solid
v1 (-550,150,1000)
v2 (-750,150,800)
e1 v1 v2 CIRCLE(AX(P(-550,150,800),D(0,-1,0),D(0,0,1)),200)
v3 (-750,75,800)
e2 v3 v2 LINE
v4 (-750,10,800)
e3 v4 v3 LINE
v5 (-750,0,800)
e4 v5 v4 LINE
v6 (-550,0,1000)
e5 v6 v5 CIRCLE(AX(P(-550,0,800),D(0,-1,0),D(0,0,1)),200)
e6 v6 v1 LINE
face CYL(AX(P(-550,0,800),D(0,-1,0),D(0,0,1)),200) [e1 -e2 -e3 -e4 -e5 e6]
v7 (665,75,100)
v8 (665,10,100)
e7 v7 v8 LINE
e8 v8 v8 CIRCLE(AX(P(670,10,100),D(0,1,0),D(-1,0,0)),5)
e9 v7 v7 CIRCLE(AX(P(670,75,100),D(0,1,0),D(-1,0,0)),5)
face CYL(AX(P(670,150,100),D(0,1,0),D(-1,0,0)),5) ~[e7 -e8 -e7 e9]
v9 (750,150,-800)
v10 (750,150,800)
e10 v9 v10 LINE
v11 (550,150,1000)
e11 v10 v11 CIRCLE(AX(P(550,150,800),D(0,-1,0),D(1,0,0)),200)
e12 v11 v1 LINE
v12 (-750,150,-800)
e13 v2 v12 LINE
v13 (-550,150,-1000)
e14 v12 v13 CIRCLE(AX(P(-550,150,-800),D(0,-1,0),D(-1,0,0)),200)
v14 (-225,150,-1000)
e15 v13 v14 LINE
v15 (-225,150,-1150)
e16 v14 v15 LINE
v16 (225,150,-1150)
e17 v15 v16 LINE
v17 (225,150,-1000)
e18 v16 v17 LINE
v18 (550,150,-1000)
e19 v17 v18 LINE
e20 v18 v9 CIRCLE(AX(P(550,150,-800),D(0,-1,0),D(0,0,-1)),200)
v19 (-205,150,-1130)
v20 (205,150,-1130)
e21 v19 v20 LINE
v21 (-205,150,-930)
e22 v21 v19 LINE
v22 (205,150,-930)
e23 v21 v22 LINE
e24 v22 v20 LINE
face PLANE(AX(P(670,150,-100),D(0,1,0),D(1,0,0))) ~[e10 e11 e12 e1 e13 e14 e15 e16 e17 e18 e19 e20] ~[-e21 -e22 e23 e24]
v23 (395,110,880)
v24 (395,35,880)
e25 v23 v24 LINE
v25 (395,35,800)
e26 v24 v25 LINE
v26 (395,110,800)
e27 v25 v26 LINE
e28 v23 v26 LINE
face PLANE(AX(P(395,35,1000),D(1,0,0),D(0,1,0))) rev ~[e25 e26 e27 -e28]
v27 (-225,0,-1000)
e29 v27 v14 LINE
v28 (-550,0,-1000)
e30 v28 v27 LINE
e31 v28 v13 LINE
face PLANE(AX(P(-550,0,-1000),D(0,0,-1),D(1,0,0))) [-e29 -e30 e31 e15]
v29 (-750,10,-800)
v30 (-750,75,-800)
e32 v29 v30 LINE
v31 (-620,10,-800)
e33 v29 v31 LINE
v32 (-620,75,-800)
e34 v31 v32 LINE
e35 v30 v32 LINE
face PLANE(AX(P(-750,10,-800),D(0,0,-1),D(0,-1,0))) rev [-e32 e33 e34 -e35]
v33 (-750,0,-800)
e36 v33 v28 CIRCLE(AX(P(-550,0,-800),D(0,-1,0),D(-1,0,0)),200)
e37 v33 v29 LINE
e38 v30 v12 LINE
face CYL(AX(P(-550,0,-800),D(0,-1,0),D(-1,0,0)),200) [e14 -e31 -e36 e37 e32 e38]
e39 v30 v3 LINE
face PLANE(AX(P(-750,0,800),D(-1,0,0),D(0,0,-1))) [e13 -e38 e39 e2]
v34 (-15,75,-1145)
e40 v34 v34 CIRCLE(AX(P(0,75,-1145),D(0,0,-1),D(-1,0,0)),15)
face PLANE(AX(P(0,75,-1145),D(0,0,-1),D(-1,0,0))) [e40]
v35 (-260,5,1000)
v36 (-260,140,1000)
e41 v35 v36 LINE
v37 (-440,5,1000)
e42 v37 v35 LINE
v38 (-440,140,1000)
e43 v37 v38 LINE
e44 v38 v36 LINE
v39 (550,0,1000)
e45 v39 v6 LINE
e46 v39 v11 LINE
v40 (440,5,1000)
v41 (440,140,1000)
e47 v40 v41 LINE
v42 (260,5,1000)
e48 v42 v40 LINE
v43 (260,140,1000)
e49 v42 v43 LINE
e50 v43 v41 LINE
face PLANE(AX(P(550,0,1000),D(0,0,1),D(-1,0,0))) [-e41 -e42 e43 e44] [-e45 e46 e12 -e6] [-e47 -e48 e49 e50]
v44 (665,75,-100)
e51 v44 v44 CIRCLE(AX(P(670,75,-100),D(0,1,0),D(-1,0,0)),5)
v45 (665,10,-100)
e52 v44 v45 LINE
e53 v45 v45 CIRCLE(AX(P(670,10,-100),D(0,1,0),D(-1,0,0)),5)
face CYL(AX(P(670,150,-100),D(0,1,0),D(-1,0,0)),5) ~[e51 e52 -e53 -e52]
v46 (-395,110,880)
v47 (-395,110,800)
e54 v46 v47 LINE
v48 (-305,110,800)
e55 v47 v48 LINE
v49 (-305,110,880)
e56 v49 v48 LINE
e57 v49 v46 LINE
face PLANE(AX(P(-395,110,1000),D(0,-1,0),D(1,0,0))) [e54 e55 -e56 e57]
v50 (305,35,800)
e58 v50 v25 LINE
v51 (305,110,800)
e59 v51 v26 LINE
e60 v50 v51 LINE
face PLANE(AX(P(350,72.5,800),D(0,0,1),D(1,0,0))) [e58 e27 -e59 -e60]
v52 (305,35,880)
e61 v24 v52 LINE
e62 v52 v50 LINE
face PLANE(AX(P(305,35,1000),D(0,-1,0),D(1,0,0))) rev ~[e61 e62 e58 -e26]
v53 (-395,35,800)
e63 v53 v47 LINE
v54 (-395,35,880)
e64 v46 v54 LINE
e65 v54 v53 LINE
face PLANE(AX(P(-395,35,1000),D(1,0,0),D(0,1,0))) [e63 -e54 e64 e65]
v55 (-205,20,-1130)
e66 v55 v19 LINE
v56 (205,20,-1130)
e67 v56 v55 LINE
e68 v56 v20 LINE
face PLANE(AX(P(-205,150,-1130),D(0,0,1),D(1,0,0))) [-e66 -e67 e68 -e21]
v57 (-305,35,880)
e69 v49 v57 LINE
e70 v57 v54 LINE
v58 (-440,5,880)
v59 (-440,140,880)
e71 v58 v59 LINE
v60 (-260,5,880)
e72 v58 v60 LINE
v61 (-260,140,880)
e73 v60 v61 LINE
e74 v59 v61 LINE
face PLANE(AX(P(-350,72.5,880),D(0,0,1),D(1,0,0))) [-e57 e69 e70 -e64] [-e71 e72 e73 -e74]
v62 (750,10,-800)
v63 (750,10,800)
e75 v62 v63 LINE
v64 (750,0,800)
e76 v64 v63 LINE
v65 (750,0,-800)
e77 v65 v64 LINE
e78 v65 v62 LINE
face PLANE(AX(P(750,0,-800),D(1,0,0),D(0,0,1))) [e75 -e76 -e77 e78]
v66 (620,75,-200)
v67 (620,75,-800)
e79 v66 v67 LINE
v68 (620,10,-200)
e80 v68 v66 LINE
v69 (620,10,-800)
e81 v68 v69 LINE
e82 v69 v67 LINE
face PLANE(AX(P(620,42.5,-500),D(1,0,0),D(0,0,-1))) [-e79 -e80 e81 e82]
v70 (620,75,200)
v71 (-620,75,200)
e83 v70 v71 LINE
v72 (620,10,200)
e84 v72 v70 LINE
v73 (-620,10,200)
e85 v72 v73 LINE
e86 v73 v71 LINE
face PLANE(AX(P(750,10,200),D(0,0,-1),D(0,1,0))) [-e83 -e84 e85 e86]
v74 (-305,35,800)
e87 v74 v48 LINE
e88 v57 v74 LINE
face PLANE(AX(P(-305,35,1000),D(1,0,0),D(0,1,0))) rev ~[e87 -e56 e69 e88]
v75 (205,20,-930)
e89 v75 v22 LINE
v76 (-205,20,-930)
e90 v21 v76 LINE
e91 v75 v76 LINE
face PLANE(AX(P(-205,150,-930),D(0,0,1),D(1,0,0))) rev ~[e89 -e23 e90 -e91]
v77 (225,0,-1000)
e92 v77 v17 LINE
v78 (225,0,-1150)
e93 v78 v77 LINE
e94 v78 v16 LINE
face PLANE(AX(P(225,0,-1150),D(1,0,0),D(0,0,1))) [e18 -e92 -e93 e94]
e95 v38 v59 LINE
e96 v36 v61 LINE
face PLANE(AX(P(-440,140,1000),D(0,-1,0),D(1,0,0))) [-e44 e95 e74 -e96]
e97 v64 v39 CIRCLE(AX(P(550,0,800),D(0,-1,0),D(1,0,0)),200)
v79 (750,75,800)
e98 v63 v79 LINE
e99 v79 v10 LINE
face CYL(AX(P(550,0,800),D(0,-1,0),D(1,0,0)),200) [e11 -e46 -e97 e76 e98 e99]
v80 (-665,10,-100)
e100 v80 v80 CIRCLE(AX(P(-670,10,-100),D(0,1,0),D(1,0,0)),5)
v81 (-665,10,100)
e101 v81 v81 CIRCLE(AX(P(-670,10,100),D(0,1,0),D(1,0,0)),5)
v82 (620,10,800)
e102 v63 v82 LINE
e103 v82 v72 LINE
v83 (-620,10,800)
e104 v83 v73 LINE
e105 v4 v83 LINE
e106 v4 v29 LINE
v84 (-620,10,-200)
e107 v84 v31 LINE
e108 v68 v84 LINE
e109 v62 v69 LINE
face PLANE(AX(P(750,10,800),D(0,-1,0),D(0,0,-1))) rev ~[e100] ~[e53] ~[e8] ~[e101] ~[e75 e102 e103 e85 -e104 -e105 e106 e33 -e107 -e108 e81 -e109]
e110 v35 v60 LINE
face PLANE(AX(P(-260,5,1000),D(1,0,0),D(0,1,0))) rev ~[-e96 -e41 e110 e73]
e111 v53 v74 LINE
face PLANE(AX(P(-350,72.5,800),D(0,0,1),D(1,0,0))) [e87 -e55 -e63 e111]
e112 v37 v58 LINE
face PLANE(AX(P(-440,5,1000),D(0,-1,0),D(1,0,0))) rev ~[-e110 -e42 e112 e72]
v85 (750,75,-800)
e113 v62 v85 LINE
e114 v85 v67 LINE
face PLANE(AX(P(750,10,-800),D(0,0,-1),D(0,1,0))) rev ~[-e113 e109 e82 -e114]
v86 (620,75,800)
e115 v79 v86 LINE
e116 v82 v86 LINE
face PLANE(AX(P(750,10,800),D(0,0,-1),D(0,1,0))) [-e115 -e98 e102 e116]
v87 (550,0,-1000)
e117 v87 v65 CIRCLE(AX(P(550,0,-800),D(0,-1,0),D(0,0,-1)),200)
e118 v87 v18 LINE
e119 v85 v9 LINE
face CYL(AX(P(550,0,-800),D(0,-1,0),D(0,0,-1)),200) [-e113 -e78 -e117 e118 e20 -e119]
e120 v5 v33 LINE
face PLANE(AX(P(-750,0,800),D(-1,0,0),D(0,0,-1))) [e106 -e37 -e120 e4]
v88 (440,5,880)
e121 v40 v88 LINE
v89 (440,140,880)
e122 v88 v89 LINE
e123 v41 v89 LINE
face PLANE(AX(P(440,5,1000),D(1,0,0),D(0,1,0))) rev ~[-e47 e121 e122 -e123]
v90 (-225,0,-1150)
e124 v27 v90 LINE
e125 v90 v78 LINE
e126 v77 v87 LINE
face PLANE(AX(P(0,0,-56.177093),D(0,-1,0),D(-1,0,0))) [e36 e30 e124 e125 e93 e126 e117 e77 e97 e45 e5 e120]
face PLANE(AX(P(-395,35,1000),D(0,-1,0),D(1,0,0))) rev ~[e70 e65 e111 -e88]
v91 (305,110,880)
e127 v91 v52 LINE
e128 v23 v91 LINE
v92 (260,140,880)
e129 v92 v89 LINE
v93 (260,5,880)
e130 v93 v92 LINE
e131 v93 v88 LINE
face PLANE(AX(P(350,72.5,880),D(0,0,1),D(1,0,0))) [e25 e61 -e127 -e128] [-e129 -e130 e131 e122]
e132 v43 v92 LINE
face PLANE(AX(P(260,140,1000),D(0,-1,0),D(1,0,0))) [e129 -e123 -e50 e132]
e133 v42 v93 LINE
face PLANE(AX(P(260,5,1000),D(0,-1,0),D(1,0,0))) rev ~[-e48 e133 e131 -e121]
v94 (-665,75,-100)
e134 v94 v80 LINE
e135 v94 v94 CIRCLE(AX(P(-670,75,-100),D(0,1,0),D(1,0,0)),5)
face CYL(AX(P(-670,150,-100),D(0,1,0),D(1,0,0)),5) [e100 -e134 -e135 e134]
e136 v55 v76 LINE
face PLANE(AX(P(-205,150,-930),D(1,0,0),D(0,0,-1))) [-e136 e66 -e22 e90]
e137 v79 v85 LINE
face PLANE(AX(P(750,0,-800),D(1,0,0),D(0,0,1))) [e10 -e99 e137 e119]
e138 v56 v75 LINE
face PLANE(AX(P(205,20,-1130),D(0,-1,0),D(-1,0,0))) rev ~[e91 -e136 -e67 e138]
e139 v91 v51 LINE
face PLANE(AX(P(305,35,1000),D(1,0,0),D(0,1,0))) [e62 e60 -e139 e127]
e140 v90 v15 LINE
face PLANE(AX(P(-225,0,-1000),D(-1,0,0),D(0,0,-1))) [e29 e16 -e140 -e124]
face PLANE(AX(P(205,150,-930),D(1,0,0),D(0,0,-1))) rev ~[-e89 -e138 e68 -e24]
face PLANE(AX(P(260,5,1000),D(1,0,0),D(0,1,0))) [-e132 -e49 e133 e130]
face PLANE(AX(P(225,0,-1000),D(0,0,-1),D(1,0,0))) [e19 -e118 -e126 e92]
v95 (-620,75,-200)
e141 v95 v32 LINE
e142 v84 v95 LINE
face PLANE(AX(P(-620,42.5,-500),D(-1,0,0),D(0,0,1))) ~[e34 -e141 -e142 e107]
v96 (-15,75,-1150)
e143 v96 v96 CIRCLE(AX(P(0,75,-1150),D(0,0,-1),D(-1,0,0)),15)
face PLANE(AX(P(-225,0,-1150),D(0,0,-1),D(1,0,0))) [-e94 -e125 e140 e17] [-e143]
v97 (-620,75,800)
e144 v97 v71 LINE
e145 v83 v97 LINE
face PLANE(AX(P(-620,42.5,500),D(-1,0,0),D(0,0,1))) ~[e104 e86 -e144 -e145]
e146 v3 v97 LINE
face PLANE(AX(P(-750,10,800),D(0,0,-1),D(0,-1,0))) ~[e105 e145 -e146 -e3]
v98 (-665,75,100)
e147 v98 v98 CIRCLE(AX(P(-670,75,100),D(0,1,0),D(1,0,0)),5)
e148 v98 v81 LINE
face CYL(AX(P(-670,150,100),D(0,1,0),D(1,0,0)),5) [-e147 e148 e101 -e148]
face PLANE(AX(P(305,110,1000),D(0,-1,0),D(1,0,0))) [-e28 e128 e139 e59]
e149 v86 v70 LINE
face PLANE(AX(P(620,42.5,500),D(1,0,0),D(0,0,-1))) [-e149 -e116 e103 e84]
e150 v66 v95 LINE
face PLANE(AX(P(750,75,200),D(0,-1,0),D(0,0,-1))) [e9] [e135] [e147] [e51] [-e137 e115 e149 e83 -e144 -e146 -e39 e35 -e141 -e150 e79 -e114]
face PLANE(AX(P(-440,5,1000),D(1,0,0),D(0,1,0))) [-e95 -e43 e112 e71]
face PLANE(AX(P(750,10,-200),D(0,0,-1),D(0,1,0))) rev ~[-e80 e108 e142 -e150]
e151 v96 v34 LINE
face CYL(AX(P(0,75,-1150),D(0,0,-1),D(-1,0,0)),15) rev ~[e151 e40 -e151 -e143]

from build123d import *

# Parameters (mm, degrees)
BOSS_EXTRUDE1_DEPTH     = 150
SKETCH2_W               = 400
SKETCH2_H               = 65
CUT_EXTRUDE1_DEPTH      = 1
CUT_EXTRUDE1_DEPTH_BACK = 1501
SKETCH3_W               = 600
SKETCH3_H               = 65
CUT_EXTRUDE2_DEPTH      = 130
SKETCH4_R               = 5
BOSS_EXTRUDE2_DEPTH     = 150
SKETCH5_W               = 90
SKETCH5_H               = 75
CUT_EXTRUDE3_DEPTH      = 200
SKETCH6_R               = 15
CUT_EXTRUDE4_DEPTH      = 5
SKETCH7_W               = 180
SKETCH7_H               = 135
CUT_EXTRUDE5_DEPTH      = 120
CUT_EXTRUDE6_START      = -20
SKETCH8_W               = 410
SKETCH8_H               = 110
SKETCH8_R               = 15
CUT_EXTRUDE6_DEPTH      = 200
SKETCH9_W               = 410
SKETCH9_H               = 200
CUT_EXTRUDE7_DEPTH      = 127


with BuildPart() as part:
    # Sketch1 → Boss-Extrude1 (new body)
    with BuildSketch(Plane(origin=(0, 0, 0), x_dir=(1, 0, 0), z_dir=(0, 1, 0))):
        with BuildLine():
            Line((-225, 1000), (-225, 1150))
            Line((-225, 1150), (225, 1150))
            Line((225, 1150), (225, 1000))
            Line((225, 1000), (550, 1000))
            ThreePointArc((550, 1000), (691.421356237, 941.421356237), (750, 800))
            Line((750, 800), (750, -800))
            ThreePointArc((750, -800), (691.421356237, -941.421356237), (550, -1000))
            Line((550, -1000), (-550, -1000))
            ThreePointArc((-550, -1000), (-691.421356237, -941.421356237), (-750, -800))
            Line((-750, -800), (-750, 800))
            ThreePointArc((-750, 800), (-691.421356237, 941.421356237), (-550, 1000))
            Line((-550, 1000), (-225, 1000))
        make_face()
    extrude(amount=BOSS_EXTRUDE1_DEPTH)

    # Sketch2 → Cut-Extrude1 (cut, two sides)
    with BuildSketch(Plane(origin=(750, 0, 0), x_dir=(0, 0, -1), z_dir=(1, 0, 0))) as cut_extrude1_sk:
        with Locations((0, 42.5)):
            Rectangle(SKETCH2_W, SKETCH2_H)
    extrude(amount=CUT_EXTRUDE1_DEPTH, mode=Mode.SUBTRACT)
    extrude(cut_extrude1_sk.sketch, amount=-CUT_EXTRUDE1_DEPTH_BACK, mode=Mode.SUBTRACT)

    # Sketch3 → Cut-Extrude2 (cut)
    with BuildSketch(Plane(origin=(750, 0, 0), x_dir=(0, 0, -1), z_dir=(1, 0, 0))):
        with Locations((500, 42.5)):
            Rectangle(SKETCH3_W, SKETCH3_H)
        with Locations((-500, 42.5)):
            Rectangle(SKETCH3_W, SKETCH3_H)
    cut_extrude2 = extrude(amount=-CUT_EXTRUDE2_DEPTH, mode=Mode.SUBTRACT)

    # Mirror1: Cut-Extrude2 across plane
    add(cut_extrude2.mirror(Plane(origin=(0, 0, 0), x_dir=(0, 0, 1), z_dir=(1, 0, 0))), mode=Mode.SUBTRACT)

    # Sketch4 → Boss-Extrude2 (add)
    with BuildSketch(Plane(origin=(0, 150, 0), x_dir=(1, 0, 0), z_dir=(0, 1, 0))):
        with Locations((-670, 100)):
            Circle(SKETCH4_R)
        with Locations((-670, -100)):
            Circle(SKETCH4_R)
    boss_extrude2 = extrude(amount=-BOSS_EXTRUDE2_DEPTH)

    # Mirror2: Boss-Extrude2 across plane
    add(boss_extrude2.mirror(Plane(origin=(0, 0, 0), x_dir=(0, 0, 1), z_dir=(1, 0, 0))))

    # Sketch5 → Cut-Extrude3 (cut)
    with BuildSketch(Plane.XY.offset(1000)):
        with Locations((-350, 72.5)):
            Rectangle(SKETCH5_W, SKETCH5_H)
        with Locations((350, 72.5)):
            Rectangle(SKETCH5_W, SKETCH5_H)
    extrude(amount=-CUT_EXTRUDE3_DEPTH, mode=Mode.SUBTRACT)

    # Sketch6 → Cut-Extrude4 (cut)
    with BuildSketch(Plane(origin=(0, 0, -1150), x_dir=(-1, 0, 0), z_dir=(0, 0, -1))):
        with Locations((0, 75)):
            Circle(SKETCH6_R)
    extrude(amount=-CUT_EXTRUDE4_DEPTH, mode=Mode.SUBTRACT)

    # Sketch7 → Cut-Extrude5 (cut)
    with BuildSketch(Plane.XY.offset(1000)):
        with Locations((-350, 72.5)):
            Rectangle(SKETCH7_W, SKETCH7_H)
        with Locations((350, 72.5)):
            Rectangle(SKETCH7_W, SKETCH7_H)
    extrude(amount=-CUT_EXTRUDE5_DEPTH, mode=Mode.SUBTRACT)

    # Sketch8 → Cut-Extrude6 (cut)
    with BuildSketch(Plane(origin=(0, 0, -1150), x_dir=(-1, 0, 0), z_dir=(0, 0, -1)).offset(CUT_EXTRUDE6_START)):
        with Locations((0, 75)):
            Rectangle(SKETCH8_W, SKETCH8_H)
        with Locations((0, 75)):
            Circle(SKETCH8_R, mode=Mode.SUBTRACT)
    extrude(amount=-CUT_EXTRUDE6_DEPTH, mode=Mode.SUBTRACT)

    # Sketch9 → Cut-Extrude7 (cut)
    with BuildSketch(Plane(origin=(0, 150, 0), x_dir=(1, 0, 0), z_dir=(0, 1, 0))):
        with Locations((0, 1030)):
            Rectangle(SKETCH9_W, SKETCH9_H)
    extrude(amount=-CUT_EXTRUDE7_DEPTH, mode=Mode.SUBTRACT)


solid = part.part
